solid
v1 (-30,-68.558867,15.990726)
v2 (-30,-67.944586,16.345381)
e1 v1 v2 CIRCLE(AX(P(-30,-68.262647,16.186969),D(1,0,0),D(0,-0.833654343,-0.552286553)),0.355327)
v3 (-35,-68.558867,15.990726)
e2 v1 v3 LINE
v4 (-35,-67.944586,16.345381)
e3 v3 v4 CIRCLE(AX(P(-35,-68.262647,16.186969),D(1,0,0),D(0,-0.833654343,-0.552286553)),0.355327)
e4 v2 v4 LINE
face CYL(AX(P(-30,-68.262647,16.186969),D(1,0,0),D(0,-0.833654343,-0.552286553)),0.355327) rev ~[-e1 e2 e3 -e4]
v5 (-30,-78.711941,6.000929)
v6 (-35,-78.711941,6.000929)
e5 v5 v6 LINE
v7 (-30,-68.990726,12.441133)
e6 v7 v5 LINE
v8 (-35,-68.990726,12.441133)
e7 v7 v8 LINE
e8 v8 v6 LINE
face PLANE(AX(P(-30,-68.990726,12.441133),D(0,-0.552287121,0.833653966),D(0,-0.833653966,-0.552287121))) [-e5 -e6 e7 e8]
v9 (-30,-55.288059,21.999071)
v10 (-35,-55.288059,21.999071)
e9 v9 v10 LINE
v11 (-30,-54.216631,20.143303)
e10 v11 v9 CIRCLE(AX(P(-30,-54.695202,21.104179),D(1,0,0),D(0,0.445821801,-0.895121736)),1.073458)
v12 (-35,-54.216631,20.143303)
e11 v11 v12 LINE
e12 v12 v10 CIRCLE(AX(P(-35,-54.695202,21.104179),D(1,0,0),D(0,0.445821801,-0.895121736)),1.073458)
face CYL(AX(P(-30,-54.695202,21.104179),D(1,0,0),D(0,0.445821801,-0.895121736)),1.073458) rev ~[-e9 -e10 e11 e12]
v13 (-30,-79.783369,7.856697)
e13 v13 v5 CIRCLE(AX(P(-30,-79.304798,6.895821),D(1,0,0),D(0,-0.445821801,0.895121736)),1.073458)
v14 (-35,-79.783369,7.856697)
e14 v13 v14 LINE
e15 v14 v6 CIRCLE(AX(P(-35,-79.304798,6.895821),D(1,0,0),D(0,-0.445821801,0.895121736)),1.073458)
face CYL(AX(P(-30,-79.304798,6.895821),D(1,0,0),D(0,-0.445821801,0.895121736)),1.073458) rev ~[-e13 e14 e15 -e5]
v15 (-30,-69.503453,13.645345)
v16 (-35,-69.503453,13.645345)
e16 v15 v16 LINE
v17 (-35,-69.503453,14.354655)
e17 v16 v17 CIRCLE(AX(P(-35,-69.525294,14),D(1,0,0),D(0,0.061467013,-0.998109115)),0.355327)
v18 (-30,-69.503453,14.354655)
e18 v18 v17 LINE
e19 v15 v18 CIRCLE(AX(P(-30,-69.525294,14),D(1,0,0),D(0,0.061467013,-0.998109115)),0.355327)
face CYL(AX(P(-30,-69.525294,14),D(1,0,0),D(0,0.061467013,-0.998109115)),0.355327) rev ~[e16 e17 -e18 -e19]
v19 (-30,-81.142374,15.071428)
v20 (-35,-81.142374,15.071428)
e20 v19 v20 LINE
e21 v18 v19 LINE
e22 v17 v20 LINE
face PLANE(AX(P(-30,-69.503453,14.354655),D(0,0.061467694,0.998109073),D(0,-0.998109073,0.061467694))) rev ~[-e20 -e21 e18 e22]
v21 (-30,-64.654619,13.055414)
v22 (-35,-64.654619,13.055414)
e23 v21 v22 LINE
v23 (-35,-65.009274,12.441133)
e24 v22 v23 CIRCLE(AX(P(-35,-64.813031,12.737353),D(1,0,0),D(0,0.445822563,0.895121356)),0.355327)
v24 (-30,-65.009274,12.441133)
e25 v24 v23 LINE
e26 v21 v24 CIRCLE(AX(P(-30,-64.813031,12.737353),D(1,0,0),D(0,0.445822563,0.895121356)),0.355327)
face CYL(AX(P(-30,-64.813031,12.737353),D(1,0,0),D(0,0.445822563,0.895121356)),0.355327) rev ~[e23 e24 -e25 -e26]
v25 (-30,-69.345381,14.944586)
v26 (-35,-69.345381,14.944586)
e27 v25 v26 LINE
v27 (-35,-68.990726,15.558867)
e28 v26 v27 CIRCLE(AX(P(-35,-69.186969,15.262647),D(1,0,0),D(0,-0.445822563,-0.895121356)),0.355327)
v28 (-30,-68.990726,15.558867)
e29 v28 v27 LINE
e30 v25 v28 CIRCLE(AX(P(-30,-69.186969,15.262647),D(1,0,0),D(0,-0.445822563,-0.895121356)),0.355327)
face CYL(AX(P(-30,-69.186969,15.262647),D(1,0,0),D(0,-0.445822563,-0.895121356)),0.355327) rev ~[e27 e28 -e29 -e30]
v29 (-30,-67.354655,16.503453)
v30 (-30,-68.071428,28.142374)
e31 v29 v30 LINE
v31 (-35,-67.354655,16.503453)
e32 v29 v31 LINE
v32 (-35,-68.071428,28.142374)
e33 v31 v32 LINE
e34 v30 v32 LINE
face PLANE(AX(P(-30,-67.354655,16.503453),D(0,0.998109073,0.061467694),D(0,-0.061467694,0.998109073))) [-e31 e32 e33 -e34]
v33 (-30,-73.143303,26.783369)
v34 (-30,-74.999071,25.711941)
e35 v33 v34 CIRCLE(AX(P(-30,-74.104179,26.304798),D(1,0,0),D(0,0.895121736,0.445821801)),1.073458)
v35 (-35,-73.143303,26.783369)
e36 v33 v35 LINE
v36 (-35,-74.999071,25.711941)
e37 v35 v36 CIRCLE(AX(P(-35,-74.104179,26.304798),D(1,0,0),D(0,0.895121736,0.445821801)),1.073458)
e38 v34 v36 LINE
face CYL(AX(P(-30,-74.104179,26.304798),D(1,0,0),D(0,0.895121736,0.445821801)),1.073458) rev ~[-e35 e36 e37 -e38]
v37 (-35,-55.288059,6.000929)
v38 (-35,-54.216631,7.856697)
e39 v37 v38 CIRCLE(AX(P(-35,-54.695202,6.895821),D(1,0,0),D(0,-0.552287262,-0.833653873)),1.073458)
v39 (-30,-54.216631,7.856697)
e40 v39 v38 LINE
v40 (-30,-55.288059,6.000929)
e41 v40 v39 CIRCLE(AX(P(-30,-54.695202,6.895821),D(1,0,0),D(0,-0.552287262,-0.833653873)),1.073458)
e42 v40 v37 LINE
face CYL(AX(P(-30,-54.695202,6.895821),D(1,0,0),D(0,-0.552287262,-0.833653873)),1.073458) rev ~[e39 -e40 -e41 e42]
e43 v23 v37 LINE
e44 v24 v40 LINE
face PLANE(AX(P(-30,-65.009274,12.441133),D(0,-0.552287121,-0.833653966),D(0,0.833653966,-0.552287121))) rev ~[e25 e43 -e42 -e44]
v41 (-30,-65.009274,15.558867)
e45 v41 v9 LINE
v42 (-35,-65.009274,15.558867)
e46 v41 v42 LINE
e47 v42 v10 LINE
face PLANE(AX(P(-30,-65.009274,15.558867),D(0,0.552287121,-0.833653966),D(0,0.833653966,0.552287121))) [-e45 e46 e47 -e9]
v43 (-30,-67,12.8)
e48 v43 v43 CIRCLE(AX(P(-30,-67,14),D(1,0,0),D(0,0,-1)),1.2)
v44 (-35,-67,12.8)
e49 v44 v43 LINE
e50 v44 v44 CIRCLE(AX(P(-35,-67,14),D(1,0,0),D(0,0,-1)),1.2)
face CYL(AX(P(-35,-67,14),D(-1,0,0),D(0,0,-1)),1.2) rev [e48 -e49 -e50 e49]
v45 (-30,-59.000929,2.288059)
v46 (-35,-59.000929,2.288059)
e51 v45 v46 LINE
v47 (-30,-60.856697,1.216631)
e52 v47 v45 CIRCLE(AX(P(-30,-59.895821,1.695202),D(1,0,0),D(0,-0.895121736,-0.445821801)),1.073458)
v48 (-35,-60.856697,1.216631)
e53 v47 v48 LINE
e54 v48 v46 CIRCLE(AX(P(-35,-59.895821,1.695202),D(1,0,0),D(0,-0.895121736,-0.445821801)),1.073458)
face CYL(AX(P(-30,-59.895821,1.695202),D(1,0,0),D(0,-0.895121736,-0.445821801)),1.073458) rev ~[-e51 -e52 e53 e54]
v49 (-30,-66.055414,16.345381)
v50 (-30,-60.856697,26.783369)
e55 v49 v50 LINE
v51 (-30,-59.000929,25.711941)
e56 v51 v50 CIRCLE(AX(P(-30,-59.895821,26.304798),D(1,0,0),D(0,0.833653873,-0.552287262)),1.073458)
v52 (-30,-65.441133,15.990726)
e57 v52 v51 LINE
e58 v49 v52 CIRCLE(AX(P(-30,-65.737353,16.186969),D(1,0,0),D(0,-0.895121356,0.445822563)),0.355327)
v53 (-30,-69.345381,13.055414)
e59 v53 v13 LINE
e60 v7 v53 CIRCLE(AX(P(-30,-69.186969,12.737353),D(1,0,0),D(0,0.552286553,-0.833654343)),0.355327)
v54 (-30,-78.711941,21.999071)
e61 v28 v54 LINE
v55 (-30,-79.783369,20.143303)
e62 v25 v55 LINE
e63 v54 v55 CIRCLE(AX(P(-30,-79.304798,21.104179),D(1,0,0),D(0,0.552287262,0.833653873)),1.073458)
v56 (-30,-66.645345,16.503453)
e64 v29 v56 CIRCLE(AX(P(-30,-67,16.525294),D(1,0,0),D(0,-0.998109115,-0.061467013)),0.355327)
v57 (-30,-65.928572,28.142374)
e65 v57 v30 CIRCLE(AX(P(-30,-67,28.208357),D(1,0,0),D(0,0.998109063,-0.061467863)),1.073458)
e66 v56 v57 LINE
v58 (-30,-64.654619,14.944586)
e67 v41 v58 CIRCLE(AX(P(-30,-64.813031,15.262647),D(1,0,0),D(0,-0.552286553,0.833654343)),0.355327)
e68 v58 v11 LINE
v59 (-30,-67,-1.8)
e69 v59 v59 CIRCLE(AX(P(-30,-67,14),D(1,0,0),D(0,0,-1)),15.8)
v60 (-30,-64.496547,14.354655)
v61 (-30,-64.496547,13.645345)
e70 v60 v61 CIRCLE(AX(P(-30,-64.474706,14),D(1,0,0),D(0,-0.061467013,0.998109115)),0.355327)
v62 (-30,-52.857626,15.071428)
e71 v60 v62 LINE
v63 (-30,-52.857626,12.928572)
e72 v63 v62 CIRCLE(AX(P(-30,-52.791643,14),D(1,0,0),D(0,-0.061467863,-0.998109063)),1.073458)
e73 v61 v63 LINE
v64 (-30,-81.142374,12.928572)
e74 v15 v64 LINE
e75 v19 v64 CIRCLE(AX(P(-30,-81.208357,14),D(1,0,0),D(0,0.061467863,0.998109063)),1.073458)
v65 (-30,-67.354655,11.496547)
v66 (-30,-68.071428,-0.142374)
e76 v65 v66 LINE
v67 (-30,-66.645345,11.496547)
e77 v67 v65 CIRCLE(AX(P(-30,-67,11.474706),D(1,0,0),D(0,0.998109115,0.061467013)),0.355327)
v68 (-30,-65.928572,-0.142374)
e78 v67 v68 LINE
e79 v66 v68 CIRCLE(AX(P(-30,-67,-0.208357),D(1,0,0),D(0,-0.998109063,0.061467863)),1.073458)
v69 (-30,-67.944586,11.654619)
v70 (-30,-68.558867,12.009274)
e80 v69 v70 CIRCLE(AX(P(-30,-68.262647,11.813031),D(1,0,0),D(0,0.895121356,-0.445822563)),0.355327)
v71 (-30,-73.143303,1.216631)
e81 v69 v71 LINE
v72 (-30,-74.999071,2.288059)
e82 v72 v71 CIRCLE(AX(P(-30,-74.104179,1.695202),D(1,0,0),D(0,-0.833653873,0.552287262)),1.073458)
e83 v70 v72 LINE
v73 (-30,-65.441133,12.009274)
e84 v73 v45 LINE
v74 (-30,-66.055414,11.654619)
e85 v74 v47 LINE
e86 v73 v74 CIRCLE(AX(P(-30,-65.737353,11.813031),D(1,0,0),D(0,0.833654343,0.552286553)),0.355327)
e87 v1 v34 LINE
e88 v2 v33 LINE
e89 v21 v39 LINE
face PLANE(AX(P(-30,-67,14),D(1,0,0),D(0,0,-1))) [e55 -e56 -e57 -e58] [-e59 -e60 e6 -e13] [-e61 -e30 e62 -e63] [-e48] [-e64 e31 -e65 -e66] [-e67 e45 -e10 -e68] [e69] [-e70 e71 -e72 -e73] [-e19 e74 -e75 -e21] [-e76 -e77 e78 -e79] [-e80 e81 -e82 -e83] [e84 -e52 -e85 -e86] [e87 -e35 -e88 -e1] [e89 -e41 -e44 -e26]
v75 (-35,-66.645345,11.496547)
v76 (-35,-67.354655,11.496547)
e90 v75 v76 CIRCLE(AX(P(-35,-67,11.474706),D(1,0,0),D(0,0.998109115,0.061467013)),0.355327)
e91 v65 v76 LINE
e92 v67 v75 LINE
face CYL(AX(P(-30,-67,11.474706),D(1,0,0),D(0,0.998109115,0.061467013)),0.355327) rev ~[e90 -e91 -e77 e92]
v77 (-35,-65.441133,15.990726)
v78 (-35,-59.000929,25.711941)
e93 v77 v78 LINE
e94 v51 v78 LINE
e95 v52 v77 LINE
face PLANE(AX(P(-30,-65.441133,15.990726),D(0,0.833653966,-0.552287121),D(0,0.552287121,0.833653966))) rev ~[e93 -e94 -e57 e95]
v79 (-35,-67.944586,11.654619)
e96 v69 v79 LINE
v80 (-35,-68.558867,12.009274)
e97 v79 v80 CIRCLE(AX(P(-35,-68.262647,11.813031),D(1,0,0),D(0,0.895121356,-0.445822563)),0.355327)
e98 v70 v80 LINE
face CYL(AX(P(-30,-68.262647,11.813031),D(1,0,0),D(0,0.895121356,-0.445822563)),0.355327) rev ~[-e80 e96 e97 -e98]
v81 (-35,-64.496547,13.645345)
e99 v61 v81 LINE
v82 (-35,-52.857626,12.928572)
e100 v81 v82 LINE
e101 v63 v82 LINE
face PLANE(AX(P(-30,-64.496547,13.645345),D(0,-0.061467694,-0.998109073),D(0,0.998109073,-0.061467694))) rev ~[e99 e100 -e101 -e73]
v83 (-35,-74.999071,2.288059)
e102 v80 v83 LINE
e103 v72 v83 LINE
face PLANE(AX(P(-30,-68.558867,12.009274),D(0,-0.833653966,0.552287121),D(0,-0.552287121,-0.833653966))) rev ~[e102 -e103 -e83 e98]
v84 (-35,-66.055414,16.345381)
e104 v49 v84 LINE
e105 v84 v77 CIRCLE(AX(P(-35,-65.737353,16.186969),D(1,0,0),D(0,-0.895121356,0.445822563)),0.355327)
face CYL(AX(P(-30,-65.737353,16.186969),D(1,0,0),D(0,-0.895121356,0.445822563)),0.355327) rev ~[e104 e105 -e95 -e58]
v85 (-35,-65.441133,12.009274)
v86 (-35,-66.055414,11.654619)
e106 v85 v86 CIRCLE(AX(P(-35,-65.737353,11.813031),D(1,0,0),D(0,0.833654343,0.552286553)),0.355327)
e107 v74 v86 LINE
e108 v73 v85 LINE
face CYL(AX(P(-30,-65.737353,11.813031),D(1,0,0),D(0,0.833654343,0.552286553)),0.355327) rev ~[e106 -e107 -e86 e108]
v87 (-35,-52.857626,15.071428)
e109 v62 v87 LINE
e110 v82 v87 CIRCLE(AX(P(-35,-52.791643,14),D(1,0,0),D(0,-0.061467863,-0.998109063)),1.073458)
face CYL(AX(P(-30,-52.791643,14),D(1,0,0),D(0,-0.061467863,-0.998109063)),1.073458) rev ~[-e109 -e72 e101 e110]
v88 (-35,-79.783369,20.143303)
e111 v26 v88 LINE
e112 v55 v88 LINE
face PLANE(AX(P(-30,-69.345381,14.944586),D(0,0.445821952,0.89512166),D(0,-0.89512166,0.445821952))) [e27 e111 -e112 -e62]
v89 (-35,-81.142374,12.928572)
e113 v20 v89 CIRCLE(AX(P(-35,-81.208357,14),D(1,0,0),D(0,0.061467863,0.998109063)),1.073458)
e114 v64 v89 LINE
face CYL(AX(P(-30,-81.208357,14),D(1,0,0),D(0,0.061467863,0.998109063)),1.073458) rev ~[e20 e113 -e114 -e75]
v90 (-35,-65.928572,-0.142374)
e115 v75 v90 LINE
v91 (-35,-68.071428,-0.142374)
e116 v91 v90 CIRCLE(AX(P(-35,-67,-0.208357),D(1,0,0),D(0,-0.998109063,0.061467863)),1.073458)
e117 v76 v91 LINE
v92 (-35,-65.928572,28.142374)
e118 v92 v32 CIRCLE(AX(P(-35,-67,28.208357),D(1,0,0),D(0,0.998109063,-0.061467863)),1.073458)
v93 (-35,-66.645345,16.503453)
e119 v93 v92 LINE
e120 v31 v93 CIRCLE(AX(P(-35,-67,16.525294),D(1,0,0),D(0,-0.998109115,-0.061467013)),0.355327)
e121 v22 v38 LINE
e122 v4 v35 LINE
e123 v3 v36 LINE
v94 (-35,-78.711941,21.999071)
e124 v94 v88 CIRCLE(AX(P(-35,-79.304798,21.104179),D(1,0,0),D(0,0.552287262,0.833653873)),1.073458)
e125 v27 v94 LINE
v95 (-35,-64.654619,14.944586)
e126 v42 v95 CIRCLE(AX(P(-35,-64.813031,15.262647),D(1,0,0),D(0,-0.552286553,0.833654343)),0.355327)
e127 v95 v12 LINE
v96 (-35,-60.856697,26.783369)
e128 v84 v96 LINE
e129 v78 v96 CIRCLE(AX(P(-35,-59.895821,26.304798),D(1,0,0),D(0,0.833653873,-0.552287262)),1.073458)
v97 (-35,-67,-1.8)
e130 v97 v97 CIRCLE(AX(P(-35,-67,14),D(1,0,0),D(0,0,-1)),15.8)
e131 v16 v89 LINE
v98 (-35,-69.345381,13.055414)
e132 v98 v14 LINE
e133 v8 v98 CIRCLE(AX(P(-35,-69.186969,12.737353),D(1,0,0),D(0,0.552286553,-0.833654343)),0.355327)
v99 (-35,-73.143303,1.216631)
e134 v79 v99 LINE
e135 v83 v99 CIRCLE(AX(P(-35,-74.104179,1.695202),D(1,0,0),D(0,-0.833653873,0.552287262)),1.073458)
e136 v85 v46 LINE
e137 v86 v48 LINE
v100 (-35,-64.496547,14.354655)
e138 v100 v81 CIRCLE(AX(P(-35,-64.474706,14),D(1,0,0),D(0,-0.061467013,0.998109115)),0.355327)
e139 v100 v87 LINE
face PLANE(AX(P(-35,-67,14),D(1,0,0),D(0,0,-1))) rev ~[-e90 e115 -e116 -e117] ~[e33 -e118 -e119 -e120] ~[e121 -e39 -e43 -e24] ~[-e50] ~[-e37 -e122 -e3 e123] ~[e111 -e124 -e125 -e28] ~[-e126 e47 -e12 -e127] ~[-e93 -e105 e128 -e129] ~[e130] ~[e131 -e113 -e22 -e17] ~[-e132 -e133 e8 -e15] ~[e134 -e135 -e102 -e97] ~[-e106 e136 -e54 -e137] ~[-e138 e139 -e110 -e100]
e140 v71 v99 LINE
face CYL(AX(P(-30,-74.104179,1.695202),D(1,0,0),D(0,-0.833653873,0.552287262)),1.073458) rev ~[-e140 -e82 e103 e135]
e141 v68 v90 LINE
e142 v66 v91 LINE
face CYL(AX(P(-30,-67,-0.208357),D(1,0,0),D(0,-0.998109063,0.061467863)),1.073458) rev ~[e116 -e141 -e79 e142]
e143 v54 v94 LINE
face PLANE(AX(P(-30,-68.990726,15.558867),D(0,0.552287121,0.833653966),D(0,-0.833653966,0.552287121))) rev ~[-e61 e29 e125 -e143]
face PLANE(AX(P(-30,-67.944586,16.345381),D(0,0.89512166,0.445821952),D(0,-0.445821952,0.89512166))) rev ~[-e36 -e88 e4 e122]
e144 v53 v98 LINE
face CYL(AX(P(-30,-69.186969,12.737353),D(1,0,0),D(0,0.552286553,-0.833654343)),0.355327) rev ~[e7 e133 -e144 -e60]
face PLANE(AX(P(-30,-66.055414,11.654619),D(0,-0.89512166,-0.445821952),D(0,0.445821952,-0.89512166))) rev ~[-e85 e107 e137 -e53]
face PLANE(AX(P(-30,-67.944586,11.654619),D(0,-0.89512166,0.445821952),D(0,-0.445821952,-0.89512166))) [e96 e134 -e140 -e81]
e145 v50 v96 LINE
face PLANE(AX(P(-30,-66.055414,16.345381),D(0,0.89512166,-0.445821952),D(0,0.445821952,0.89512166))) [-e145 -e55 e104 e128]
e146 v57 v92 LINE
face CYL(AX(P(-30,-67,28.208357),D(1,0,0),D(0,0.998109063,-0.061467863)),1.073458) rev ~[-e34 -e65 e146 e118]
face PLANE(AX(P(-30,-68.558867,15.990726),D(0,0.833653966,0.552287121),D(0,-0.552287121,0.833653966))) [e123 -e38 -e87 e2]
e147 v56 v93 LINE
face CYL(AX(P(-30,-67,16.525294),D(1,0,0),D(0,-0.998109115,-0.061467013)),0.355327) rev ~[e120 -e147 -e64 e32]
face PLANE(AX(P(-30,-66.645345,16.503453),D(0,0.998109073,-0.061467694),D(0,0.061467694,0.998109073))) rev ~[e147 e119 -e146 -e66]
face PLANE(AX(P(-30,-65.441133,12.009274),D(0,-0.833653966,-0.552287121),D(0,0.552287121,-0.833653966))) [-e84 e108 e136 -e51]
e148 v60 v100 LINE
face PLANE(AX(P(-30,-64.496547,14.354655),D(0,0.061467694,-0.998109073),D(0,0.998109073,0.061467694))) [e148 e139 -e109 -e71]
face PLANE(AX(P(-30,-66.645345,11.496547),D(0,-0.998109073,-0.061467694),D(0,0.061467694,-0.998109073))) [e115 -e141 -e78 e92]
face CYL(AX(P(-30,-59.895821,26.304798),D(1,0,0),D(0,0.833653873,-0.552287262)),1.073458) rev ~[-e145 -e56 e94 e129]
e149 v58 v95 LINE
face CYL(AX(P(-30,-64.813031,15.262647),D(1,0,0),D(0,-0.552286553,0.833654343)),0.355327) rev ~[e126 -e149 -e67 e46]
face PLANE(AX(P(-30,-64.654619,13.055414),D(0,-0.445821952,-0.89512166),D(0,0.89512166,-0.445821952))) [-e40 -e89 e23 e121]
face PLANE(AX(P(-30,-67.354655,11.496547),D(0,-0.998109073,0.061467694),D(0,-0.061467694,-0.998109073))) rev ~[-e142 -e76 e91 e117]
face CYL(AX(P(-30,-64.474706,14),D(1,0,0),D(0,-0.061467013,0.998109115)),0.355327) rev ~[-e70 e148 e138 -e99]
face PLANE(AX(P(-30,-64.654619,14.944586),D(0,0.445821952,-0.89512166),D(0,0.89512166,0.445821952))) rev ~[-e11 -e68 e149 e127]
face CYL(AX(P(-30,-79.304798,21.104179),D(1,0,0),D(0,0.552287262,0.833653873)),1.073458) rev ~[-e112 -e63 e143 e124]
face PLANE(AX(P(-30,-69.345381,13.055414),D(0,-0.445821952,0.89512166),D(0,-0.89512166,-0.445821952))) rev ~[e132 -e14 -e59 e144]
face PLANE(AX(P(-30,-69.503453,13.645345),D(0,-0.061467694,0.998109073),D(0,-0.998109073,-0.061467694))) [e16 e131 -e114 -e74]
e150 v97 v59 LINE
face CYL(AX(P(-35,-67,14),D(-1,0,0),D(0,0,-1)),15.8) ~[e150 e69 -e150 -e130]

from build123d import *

# Parameters (mm, degrees)
SKETCH004_R             = 15.8
SKETCH004_R_2           = 1.2
PAD003_DEPTH            = 5
POCKET001_DEPTH         = 5
POLARPATTERN001_COUNT   = 12
BODY003_PLACEMENT_ANGLE = 90


with BuildPart() as part:
    # Sketch004 → Pad003 (new body)
    with BuildSketch(Plane.XY):
        Circle(SKETCH004_R)
        Circle(SKETCH004_R_2, mode=Mode.SUBTRACT)
    extrude(amount=PAD003_DEPTH)

    # Sketch005 (on Face4 of Pad003) → Pocket001 (cut)
    with BuildSketch(Plane.XY.offset(5)):
        with BuildLine():
            ThreePointArc((-0.354655, 2.503453), (0, 2.169967), (0.354655, 2.503453))
            Line((0.354655, 2.503453), (1.071428, 14.142374))
            ThreePointArc((1.071428, 14.142374), (0, 15.281815), (-1.071428, 14.142374))
            Line((-0.354655, 2.503453), (-1.071428, 14.142374))
        make_face()
    pocket001 = extrude(amount=-POCKET001_DEPTH, mode=Mode.SUBTRACT)

    # PolarPattern001: Pocket001 ×12 about axis
    polarpattern001_axis = Axis((0, 0, 0), (0, 0, 1))
    for i in range(1, POLARPATTERN001_COUNT):
        add(pocket001.rotate(polarpattern001_axis, i * 360 / POLARPATTERN001_COUNT), mode=Mode.SUBTRACT)


with BuildPart() as part_1:
    # Body003 placement: moved
    add(part.part.moved(Location((-35, -67, 14))).rotate(Axis((-35, -67, 14), (0, 1, 0)), BODY003_PLACEMENT_ANGLE))


solid = part_1.part
